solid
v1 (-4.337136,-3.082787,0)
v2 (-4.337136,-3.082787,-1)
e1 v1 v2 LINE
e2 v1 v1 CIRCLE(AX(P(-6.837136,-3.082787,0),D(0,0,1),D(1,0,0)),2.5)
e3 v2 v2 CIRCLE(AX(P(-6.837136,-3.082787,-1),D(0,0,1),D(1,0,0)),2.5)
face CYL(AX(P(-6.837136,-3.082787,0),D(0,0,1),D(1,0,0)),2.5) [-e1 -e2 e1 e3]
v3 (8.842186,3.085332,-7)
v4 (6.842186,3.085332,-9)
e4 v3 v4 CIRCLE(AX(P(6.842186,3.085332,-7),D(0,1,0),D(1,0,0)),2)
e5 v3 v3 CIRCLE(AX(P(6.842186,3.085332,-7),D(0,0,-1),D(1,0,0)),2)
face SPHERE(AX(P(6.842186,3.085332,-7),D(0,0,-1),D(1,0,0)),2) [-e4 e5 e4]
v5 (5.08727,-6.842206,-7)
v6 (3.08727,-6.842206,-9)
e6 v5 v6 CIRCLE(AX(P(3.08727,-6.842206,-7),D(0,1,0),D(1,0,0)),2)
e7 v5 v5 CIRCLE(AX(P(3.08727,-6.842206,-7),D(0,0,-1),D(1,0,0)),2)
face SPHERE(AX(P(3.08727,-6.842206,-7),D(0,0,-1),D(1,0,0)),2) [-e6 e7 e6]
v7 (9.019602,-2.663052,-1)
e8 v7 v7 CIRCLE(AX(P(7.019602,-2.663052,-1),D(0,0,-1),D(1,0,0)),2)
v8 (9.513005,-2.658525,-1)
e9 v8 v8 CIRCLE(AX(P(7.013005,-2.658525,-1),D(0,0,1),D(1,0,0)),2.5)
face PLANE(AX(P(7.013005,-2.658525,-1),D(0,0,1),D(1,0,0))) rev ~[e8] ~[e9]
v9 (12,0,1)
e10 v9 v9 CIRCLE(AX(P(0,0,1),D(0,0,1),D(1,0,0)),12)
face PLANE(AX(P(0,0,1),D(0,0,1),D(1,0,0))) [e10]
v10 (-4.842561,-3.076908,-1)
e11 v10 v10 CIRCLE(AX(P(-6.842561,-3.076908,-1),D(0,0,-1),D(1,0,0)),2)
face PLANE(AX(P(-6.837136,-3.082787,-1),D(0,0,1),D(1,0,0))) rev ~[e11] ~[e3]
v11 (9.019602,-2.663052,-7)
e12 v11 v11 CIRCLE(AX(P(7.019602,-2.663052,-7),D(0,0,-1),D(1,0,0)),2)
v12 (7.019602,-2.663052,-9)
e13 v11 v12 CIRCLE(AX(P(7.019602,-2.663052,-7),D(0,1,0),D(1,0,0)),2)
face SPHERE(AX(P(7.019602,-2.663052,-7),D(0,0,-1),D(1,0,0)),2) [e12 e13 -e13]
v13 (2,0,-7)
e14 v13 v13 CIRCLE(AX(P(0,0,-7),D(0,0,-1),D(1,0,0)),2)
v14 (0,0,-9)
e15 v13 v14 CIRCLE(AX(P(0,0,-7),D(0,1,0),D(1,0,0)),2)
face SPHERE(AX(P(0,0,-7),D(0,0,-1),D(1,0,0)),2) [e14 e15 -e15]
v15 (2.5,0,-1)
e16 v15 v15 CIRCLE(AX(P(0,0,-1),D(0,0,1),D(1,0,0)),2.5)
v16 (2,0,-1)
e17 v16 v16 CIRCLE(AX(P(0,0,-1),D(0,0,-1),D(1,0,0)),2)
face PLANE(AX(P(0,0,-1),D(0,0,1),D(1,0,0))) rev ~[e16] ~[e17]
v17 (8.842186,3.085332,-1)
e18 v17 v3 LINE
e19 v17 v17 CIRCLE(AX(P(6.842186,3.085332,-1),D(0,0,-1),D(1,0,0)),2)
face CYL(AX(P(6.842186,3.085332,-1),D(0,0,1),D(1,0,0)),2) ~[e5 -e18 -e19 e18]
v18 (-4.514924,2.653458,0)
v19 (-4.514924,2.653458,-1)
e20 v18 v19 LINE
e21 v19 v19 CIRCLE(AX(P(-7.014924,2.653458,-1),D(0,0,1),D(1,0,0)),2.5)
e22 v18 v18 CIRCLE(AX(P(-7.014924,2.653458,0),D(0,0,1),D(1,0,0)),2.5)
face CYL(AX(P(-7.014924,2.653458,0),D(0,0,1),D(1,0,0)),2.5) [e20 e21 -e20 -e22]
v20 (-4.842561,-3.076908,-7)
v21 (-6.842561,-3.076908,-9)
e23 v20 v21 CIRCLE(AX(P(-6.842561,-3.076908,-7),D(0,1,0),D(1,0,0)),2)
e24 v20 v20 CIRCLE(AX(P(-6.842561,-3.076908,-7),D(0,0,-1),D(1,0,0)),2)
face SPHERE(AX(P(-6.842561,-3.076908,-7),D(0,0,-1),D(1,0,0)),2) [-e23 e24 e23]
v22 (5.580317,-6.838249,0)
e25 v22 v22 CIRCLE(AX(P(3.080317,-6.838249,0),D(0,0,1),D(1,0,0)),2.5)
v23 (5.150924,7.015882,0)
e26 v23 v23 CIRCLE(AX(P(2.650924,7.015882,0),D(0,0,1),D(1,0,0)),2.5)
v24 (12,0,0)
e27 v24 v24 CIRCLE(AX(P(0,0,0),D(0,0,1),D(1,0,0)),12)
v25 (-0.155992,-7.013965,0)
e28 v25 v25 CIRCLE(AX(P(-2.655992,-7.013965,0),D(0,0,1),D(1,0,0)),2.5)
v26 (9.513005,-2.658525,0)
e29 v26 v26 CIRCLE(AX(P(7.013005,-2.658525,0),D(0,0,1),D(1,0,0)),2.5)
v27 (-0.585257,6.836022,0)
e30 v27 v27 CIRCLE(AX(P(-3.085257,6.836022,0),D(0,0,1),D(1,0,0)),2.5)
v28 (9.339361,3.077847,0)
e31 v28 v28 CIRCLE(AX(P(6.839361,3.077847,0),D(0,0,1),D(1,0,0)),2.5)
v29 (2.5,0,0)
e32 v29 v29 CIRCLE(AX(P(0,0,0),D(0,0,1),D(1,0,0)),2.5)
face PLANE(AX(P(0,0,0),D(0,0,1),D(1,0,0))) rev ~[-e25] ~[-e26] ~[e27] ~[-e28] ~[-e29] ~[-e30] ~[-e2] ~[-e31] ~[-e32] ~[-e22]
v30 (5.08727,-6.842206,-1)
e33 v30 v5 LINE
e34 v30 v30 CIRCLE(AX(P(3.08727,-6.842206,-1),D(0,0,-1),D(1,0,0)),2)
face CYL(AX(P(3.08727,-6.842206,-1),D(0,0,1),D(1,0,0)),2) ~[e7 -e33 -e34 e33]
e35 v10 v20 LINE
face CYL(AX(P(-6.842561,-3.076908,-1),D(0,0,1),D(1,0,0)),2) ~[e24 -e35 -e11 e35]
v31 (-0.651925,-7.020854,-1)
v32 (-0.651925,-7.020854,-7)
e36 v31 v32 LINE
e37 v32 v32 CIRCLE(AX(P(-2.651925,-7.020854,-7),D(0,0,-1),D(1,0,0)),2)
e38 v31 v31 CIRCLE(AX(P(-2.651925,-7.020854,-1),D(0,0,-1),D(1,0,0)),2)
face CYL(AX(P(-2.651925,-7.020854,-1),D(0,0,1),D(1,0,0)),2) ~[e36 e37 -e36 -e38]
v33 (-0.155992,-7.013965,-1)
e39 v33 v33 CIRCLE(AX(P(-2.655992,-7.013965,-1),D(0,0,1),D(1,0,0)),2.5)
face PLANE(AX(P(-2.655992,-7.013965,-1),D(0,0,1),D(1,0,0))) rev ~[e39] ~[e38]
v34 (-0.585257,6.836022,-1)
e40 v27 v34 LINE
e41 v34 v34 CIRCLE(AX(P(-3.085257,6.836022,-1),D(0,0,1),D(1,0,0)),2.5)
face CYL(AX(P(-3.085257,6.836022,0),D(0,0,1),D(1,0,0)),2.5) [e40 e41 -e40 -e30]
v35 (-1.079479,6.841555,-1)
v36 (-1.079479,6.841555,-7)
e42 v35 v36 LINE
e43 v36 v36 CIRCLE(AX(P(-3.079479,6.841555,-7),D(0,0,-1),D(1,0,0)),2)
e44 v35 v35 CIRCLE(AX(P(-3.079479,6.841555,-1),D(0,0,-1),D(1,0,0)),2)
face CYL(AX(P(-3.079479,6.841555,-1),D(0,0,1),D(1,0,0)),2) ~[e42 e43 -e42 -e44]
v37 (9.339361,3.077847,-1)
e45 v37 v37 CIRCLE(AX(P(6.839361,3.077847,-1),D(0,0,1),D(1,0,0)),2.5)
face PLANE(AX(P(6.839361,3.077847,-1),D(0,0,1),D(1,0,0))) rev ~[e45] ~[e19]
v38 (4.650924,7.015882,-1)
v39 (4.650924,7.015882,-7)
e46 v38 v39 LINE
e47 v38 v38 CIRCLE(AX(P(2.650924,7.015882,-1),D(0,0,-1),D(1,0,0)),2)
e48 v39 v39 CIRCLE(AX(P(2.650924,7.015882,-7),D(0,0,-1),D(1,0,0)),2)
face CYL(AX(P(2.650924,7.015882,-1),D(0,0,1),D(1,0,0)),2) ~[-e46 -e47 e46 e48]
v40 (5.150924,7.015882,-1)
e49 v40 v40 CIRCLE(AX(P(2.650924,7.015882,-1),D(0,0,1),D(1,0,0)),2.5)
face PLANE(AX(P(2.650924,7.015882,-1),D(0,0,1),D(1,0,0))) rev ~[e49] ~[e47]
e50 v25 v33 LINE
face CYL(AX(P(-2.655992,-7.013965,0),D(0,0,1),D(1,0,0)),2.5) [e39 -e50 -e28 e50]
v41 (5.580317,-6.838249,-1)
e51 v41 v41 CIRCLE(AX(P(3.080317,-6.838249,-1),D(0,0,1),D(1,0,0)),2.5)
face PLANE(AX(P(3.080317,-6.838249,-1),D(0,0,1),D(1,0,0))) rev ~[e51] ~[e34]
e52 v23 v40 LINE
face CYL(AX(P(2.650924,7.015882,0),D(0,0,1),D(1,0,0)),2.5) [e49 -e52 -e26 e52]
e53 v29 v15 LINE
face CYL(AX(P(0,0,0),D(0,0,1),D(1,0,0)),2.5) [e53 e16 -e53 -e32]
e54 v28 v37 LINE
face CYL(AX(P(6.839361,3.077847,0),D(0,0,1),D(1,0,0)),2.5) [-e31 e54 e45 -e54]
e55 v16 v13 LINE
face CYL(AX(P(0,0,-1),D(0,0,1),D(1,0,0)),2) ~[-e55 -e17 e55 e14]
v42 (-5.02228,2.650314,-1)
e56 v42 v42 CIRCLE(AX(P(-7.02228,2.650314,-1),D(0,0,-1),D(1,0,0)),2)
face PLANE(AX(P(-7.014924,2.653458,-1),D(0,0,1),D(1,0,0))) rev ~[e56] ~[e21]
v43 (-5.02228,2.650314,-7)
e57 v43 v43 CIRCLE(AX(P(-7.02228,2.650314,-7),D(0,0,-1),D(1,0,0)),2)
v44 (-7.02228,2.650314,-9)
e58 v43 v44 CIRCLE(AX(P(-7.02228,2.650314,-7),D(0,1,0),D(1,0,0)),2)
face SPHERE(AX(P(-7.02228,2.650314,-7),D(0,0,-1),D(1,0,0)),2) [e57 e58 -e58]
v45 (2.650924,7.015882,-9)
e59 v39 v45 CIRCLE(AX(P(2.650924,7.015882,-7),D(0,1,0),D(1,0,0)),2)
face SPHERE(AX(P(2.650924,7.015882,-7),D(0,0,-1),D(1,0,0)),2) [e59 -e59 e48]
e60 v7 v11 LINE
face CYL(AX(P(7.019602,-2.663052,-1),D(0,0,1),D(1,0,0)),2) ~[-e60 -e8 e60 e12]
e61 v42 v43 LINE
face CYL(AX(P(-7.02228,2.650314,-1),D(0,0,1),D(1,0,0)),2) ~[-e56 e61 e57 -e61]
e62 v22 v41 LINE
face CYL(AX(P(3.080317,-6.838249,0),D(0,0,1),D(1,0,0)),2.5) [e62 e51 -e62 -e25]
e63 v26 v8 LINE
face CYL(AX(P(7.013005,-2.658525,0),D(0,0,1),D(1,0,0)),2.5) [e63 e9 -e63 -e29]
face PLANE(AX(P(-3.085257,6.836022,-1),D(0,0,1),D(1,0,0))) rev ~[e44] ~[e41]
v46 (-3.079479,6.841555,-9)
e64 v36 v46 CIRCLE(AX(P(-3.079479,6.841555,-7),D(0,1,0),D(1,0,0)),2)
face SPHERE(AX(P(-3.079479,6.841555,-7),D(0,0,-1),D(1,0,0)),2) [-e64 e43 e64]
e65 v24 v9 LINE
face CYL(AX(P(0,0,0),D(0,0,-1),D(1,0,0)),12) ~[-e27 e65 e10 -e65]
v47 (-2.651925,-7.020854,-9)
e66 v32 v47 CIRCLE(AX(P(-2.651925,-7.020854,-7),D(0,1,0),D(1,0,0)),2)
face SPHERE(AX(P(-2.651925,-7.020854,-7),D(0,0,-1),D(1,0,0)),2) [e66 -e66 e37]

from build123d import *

# Parameters (mm, degrees)
F0_R     = 12
F1_DEPTH = 1
F2_R     = 2.5
F3_DEPTH = 1
F4_R     = 2
F5_DEPTH = 8
F6_R     = 2


with BuildPart() as f1:
    # F0 (on Top) → F1 (new body)
    with BuildSketch(Plane.XY):
        Circle(F0_R)
    extrude(amount=F1_DEPTH)

    # F2 (on Top) → F3 (join)
    with BuildSketch(Plane.XY):
        with Locations((-7.014924, 2.653458)):
            Circle(F2_R)
        with Locations((3.080317, -6.838249)):
            Circle(F2_R)
        with Locations((-3.085257, 6.836022)):
            Circle(F2_R)
        with Locations((-6.837136, -3.082787)):
            Circle(F2_R)
        Circle(F2_R)
        with Locations((6.839361, 3.077847)):
            Circle(F2_R)
        with Locations((7.013005, -2.658525)):
            Circle(F2_R)
        with Locations((-2.655992, -7.013965)):
            Circle(F2_R)
        with Locations((2.650924, 7.015882)):
            Circle(F2_R)
    extrude(amount=-F3_DEPTH)

    # F4 (on face) → F5 (join)
    with BuildSketch(Plane(origin=(0, 0, -1), x_dir=(1, 0, 0), z_dir=(0, 0, -1))):
        with Locations((-3.079479, -6.841555)):
            Circle(F4_R)
        with Locations((6.842186, -3.085332)):
            Circle(F4_R)
        Circle(F4_R)
        with Locations((2.650924, -7.015882)):
            Circle(F4_R)
        with Locations((-2.651925, 7.020854)):
            Circle(F4_R)
        with Locations((-7.02228, -2.650314)):
            Circle(F4_R)
        with Locations((3.08727, 6.842206)):
            Circle(F4_R)
        with Locations((7.019602, 2.663052)):
            Circle(F4_R)
        with Locations((-6.842561, 3.076908)):
            Circle(F4_R)
    extrude(amount=F5_DEPTH)

    # F6
    f6_edges = [f1.edges().sort_by_distance(p)[0] for p in [
        (-2, 0, -9),
        (-4.651925, -7.020854, -9),
        (0.650924, 7.015882, -9),
        (5.019602, -2.663052, -9),
        (-5.079479, 6.841555, -9),
        (4.842186, 3.085332, -9),
        (-9.02228, 2.650314, -9),
        (1.08727, -6.842206, -9),
        (-8.842561, -3.076908, -9),
    ]]
    fillet(f6_edges, radius=F6_R)


solid = f1.part
